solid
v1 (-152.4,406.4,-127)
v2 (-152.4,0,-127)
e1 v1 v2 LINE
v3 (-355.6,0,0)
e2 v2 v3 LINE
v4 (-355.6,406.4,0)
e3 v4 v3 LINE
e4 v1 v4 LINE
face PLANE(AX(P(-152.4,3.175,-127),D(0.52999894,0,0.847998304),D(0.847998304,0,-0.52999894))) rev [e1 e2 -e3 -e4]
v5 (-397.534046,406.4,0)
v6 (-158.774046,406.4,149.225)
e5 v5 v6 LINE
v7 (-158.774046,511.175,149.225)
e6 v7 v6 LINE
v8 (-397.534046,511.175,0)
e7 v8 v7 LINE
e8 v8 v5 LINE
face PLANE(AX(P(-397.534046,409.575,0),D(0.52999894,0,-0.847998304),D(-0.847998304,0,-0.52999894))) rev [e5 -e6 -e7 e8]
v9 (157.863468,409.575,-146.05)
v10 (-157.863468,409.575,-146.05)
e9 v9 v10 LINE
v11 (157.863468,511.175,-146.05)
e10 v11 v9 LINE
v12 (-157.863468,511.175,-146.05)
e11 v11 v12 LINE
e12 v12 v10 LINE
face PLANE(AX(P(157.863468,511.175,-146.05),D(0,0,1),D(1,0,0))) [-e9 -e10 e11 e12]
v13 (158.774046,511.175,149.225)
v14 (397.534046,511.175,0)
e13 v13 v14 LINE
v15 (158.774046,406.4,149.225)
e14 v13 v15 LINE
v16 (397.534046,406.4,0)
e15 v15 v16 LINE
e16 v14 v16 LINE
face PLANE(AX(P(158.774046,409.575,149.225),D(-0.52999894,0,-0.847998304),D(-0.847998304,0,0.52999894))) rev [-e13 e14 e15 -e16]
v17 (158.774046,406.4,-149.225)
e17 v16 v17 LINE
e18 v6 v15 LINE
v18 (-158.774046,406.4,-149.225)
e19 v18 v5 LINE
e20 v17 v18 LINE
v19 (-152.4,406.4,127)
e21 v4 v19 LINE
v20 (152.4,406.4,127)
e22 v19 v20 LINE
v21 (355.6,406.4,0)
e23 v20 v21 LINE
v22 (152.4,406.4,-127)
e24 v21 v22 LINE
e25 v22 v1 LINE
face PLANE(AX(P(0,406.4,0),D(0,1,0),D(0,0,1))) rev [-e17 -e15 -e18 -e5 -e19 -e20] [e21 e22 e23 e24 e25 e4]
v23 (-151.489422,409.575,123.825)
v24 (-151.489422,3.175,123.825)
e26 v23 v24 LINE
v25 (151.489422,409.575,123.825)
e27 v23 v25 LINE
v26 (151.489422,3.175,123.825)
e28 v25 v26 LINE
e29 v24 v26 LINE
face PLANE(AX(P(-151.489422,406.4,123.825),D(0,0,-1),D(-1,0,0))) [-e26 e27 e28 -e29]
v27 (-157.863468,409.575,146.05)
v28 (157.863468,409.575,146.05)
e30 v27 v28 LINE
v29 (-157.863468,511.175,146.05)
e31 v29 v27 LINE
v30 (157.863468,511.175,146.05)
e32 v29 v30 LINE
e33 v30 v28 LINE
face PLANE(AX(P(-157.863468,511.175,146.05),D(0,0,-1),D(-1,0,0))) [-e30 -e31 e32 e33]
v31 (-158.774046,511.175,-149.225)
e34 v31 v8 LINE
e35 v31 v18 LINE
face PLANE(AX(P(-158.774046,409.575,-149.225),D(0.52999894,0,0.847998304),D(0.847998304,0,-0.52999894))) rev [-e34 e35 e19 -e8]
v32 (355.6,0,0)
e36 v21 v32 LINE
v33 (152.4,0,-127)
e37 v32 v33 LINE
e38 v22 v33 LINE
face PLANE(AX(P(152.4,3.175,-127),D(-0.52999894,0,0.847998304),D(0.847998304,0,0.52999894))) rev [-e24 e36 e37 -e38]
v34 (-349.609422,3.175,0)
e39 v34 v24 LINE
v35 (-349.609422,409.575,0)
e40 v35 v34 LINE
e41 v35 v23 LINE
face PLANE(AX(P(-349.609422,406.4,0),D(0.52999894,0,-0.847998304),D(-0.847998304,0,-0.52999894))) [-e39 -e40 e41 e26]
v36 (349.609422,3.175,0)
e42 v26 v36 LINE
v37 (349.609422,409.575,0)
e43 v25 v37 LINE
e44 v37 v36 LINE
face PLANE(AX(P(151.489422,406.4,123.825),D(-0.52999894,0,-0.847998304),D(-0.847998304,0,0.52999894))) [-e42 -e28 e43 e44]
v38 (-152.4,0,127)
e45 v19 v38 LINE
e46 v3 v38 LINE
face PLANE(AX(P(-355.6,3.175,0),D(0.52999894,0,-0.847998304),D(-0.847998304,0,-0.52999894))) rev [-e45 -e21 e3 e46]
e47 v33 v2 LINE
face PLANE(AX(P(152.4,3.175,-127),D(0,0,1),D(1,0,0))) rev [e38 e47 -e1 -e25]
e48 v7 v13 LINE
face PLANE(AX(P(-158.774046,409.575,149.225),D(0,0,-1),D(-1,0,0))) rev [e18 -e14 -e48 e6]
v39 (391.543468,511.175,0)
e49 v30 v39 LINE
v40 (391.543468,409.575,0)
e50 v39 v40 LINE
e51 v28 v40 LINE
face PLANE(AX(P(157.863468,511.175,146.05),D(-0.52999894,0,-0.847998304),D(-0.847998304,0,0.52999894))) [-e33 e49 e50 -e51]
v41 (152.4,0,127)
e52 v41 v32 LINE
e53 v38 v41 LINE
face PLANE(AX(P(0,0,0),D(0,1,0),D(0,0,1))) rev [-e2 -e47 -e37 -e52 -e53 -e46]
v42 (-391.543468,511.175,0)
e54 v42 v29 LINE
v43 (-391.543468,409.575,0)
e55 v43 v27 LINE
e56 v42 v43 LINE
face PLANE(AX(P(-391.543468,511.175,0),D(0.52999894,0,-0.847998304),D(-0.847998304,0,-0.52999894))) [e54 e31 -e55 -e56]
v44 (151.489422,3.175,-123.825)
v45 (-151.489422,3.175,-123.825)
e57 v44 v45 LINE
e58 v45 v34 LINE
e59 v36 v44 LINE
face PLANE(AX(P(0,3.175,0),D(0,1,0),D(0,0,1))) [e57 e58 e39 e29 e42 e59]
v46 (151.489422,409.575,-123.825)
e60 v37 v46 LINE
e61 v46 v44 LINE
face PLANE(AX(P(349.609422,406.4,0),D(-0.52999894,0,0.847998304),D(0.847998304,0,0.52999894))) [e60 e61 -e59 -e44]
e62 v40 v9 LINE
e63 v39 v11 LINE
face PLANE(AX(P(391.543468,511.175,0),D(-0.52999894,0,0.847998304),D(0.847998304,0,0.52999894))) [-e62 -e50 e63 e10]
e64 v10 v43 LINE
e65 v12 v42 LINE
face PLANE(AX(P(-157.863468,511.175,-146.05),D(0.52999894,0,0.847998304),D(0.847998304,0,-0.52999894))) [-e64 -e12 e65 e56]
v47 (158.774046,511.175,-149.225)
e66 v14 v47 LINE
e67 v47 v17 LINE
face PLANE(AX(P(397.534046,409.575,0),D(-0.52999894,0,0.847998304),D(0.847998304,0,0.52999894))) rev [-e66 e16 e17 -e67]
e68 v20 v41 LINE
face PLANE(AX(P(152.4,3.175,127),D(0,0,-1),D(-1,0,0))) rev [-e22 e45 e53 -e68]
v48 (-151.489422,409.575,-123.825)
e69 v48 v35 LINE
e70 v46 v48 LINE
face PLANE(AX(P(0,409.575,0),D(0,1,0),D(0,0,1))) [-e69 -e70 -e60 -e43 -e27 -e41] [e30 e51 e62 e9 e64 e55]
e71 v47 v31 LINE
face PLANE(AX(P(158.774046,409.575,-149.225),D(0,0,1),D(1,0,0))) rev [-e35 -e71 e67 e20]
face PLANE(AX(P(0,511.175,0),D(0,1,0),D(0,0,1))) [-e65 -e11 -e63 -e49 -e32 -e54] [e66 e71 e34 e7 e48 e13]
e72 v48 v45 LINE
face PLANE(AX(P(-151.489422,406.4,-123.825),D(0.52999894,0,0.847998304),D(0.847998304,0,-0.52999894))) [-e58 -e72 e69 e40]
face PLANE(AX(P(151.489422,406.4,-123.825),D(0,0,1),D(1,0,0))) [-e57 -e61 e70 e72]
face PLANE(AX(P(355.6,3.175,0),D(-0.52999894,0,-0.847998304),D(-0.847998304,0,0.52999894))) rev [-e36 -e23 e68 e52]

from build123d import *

# Parameters (mm, degrees)
BOSS_EXTRUDE1_DEPTH = 3.175
BOSS_EXTRUDE2_DEPTH = 403.225
BOSS_EXTRUDE3_DEPTH = 3.175
BOSS_EXTRUDE4_DEPTH = 101.6


with BuildPart() as part:
    # Sketch2 → Boss-Extrude1 (new body)
    with BuildSketch(Plane(origin=(0, 0, 0), x_dir=(1, 0, 0), z_dir=(0, 1, 0))):
        Polygon((-152.4, 127), (-355.6, 0), (-152.4, -127), (152.4, -127), (355.6, 0), (152.4, 127), align=None)
    extrude(amount=BOSS_EXTRUDE1_DEPTH)

    # Sketch3 → Boss-Extrude2 (add)
    with BuildSketch(Plane(origin=(0, 3.175, 0), x_dir=(1, 0, 0), z_dir=(0, 1, 0))):
        Polygon((152.4, -127), (355.6, 0), (152.4, 127), (-152.4, 127), (-355.6, 0), (-152.4, -127), align=None)
        Polygon((151.489421981, -123.825), (349.609421981, 0), (151.489421981, 123.825), (-151.489421981, 123.825), (-349.609421981, 0), (-151.489421981, -123.825), align=None, mode=Mode.SUBTRACT)
    extrude(amount=BOSS_EXTRUDE2_DEPTH)

    # Sketch5 → Boss-Extrude3 (add)
    with BuildSketch(Plane(origin=(0, 406.4, 0), x_dir=(1, 0, 0), z_dir=(0, 1, 0))):
        Polygon((158.774046132, 149.225), (-158.774046132, 149.225), (-397.534046132, 0), (-158.774046132, -149.225), (158.774046132, -149.225), (397.534046132, 0), align=None)
        Polygon((151.489421981, 123.825), (-151.489421981, 123.825), (-349.609421981, 0), (-151.489421981, -123.825), (151.489421981, -123.825), (349.609421981, 0), align=None, mode=Mode.SUBTRACT)
    extrude(amount=BOSS_EXTRUDE3_DEPTH)

    # Sketch6 → Boss-Extrude4 (add)
    with BuildSketch(Plane(origin=(0, 409.575, 0), x_dir=(1, 0, 0), z_dir=(0, 1, 0))):
        Polygon((-158.774046132, 149.225), (-397.534046132, 0), (-158.774046132, -149.225), (158.774046132, -149.225), (397.534046132, 0), (158.774046132, 149.225), align=None)
        Polygon((-157.863468113, 146.05), (-391.543468113, 0), (-157.863468113, -146.05), (157.863468113, -146.05), (391.543468113, 0), (157.863468113, 146.05), align=None, mode=Mode.SUBTRACT)
    extrude(amount=BOSS_EXTRUDE4_DEPTH)


solid = part.part
